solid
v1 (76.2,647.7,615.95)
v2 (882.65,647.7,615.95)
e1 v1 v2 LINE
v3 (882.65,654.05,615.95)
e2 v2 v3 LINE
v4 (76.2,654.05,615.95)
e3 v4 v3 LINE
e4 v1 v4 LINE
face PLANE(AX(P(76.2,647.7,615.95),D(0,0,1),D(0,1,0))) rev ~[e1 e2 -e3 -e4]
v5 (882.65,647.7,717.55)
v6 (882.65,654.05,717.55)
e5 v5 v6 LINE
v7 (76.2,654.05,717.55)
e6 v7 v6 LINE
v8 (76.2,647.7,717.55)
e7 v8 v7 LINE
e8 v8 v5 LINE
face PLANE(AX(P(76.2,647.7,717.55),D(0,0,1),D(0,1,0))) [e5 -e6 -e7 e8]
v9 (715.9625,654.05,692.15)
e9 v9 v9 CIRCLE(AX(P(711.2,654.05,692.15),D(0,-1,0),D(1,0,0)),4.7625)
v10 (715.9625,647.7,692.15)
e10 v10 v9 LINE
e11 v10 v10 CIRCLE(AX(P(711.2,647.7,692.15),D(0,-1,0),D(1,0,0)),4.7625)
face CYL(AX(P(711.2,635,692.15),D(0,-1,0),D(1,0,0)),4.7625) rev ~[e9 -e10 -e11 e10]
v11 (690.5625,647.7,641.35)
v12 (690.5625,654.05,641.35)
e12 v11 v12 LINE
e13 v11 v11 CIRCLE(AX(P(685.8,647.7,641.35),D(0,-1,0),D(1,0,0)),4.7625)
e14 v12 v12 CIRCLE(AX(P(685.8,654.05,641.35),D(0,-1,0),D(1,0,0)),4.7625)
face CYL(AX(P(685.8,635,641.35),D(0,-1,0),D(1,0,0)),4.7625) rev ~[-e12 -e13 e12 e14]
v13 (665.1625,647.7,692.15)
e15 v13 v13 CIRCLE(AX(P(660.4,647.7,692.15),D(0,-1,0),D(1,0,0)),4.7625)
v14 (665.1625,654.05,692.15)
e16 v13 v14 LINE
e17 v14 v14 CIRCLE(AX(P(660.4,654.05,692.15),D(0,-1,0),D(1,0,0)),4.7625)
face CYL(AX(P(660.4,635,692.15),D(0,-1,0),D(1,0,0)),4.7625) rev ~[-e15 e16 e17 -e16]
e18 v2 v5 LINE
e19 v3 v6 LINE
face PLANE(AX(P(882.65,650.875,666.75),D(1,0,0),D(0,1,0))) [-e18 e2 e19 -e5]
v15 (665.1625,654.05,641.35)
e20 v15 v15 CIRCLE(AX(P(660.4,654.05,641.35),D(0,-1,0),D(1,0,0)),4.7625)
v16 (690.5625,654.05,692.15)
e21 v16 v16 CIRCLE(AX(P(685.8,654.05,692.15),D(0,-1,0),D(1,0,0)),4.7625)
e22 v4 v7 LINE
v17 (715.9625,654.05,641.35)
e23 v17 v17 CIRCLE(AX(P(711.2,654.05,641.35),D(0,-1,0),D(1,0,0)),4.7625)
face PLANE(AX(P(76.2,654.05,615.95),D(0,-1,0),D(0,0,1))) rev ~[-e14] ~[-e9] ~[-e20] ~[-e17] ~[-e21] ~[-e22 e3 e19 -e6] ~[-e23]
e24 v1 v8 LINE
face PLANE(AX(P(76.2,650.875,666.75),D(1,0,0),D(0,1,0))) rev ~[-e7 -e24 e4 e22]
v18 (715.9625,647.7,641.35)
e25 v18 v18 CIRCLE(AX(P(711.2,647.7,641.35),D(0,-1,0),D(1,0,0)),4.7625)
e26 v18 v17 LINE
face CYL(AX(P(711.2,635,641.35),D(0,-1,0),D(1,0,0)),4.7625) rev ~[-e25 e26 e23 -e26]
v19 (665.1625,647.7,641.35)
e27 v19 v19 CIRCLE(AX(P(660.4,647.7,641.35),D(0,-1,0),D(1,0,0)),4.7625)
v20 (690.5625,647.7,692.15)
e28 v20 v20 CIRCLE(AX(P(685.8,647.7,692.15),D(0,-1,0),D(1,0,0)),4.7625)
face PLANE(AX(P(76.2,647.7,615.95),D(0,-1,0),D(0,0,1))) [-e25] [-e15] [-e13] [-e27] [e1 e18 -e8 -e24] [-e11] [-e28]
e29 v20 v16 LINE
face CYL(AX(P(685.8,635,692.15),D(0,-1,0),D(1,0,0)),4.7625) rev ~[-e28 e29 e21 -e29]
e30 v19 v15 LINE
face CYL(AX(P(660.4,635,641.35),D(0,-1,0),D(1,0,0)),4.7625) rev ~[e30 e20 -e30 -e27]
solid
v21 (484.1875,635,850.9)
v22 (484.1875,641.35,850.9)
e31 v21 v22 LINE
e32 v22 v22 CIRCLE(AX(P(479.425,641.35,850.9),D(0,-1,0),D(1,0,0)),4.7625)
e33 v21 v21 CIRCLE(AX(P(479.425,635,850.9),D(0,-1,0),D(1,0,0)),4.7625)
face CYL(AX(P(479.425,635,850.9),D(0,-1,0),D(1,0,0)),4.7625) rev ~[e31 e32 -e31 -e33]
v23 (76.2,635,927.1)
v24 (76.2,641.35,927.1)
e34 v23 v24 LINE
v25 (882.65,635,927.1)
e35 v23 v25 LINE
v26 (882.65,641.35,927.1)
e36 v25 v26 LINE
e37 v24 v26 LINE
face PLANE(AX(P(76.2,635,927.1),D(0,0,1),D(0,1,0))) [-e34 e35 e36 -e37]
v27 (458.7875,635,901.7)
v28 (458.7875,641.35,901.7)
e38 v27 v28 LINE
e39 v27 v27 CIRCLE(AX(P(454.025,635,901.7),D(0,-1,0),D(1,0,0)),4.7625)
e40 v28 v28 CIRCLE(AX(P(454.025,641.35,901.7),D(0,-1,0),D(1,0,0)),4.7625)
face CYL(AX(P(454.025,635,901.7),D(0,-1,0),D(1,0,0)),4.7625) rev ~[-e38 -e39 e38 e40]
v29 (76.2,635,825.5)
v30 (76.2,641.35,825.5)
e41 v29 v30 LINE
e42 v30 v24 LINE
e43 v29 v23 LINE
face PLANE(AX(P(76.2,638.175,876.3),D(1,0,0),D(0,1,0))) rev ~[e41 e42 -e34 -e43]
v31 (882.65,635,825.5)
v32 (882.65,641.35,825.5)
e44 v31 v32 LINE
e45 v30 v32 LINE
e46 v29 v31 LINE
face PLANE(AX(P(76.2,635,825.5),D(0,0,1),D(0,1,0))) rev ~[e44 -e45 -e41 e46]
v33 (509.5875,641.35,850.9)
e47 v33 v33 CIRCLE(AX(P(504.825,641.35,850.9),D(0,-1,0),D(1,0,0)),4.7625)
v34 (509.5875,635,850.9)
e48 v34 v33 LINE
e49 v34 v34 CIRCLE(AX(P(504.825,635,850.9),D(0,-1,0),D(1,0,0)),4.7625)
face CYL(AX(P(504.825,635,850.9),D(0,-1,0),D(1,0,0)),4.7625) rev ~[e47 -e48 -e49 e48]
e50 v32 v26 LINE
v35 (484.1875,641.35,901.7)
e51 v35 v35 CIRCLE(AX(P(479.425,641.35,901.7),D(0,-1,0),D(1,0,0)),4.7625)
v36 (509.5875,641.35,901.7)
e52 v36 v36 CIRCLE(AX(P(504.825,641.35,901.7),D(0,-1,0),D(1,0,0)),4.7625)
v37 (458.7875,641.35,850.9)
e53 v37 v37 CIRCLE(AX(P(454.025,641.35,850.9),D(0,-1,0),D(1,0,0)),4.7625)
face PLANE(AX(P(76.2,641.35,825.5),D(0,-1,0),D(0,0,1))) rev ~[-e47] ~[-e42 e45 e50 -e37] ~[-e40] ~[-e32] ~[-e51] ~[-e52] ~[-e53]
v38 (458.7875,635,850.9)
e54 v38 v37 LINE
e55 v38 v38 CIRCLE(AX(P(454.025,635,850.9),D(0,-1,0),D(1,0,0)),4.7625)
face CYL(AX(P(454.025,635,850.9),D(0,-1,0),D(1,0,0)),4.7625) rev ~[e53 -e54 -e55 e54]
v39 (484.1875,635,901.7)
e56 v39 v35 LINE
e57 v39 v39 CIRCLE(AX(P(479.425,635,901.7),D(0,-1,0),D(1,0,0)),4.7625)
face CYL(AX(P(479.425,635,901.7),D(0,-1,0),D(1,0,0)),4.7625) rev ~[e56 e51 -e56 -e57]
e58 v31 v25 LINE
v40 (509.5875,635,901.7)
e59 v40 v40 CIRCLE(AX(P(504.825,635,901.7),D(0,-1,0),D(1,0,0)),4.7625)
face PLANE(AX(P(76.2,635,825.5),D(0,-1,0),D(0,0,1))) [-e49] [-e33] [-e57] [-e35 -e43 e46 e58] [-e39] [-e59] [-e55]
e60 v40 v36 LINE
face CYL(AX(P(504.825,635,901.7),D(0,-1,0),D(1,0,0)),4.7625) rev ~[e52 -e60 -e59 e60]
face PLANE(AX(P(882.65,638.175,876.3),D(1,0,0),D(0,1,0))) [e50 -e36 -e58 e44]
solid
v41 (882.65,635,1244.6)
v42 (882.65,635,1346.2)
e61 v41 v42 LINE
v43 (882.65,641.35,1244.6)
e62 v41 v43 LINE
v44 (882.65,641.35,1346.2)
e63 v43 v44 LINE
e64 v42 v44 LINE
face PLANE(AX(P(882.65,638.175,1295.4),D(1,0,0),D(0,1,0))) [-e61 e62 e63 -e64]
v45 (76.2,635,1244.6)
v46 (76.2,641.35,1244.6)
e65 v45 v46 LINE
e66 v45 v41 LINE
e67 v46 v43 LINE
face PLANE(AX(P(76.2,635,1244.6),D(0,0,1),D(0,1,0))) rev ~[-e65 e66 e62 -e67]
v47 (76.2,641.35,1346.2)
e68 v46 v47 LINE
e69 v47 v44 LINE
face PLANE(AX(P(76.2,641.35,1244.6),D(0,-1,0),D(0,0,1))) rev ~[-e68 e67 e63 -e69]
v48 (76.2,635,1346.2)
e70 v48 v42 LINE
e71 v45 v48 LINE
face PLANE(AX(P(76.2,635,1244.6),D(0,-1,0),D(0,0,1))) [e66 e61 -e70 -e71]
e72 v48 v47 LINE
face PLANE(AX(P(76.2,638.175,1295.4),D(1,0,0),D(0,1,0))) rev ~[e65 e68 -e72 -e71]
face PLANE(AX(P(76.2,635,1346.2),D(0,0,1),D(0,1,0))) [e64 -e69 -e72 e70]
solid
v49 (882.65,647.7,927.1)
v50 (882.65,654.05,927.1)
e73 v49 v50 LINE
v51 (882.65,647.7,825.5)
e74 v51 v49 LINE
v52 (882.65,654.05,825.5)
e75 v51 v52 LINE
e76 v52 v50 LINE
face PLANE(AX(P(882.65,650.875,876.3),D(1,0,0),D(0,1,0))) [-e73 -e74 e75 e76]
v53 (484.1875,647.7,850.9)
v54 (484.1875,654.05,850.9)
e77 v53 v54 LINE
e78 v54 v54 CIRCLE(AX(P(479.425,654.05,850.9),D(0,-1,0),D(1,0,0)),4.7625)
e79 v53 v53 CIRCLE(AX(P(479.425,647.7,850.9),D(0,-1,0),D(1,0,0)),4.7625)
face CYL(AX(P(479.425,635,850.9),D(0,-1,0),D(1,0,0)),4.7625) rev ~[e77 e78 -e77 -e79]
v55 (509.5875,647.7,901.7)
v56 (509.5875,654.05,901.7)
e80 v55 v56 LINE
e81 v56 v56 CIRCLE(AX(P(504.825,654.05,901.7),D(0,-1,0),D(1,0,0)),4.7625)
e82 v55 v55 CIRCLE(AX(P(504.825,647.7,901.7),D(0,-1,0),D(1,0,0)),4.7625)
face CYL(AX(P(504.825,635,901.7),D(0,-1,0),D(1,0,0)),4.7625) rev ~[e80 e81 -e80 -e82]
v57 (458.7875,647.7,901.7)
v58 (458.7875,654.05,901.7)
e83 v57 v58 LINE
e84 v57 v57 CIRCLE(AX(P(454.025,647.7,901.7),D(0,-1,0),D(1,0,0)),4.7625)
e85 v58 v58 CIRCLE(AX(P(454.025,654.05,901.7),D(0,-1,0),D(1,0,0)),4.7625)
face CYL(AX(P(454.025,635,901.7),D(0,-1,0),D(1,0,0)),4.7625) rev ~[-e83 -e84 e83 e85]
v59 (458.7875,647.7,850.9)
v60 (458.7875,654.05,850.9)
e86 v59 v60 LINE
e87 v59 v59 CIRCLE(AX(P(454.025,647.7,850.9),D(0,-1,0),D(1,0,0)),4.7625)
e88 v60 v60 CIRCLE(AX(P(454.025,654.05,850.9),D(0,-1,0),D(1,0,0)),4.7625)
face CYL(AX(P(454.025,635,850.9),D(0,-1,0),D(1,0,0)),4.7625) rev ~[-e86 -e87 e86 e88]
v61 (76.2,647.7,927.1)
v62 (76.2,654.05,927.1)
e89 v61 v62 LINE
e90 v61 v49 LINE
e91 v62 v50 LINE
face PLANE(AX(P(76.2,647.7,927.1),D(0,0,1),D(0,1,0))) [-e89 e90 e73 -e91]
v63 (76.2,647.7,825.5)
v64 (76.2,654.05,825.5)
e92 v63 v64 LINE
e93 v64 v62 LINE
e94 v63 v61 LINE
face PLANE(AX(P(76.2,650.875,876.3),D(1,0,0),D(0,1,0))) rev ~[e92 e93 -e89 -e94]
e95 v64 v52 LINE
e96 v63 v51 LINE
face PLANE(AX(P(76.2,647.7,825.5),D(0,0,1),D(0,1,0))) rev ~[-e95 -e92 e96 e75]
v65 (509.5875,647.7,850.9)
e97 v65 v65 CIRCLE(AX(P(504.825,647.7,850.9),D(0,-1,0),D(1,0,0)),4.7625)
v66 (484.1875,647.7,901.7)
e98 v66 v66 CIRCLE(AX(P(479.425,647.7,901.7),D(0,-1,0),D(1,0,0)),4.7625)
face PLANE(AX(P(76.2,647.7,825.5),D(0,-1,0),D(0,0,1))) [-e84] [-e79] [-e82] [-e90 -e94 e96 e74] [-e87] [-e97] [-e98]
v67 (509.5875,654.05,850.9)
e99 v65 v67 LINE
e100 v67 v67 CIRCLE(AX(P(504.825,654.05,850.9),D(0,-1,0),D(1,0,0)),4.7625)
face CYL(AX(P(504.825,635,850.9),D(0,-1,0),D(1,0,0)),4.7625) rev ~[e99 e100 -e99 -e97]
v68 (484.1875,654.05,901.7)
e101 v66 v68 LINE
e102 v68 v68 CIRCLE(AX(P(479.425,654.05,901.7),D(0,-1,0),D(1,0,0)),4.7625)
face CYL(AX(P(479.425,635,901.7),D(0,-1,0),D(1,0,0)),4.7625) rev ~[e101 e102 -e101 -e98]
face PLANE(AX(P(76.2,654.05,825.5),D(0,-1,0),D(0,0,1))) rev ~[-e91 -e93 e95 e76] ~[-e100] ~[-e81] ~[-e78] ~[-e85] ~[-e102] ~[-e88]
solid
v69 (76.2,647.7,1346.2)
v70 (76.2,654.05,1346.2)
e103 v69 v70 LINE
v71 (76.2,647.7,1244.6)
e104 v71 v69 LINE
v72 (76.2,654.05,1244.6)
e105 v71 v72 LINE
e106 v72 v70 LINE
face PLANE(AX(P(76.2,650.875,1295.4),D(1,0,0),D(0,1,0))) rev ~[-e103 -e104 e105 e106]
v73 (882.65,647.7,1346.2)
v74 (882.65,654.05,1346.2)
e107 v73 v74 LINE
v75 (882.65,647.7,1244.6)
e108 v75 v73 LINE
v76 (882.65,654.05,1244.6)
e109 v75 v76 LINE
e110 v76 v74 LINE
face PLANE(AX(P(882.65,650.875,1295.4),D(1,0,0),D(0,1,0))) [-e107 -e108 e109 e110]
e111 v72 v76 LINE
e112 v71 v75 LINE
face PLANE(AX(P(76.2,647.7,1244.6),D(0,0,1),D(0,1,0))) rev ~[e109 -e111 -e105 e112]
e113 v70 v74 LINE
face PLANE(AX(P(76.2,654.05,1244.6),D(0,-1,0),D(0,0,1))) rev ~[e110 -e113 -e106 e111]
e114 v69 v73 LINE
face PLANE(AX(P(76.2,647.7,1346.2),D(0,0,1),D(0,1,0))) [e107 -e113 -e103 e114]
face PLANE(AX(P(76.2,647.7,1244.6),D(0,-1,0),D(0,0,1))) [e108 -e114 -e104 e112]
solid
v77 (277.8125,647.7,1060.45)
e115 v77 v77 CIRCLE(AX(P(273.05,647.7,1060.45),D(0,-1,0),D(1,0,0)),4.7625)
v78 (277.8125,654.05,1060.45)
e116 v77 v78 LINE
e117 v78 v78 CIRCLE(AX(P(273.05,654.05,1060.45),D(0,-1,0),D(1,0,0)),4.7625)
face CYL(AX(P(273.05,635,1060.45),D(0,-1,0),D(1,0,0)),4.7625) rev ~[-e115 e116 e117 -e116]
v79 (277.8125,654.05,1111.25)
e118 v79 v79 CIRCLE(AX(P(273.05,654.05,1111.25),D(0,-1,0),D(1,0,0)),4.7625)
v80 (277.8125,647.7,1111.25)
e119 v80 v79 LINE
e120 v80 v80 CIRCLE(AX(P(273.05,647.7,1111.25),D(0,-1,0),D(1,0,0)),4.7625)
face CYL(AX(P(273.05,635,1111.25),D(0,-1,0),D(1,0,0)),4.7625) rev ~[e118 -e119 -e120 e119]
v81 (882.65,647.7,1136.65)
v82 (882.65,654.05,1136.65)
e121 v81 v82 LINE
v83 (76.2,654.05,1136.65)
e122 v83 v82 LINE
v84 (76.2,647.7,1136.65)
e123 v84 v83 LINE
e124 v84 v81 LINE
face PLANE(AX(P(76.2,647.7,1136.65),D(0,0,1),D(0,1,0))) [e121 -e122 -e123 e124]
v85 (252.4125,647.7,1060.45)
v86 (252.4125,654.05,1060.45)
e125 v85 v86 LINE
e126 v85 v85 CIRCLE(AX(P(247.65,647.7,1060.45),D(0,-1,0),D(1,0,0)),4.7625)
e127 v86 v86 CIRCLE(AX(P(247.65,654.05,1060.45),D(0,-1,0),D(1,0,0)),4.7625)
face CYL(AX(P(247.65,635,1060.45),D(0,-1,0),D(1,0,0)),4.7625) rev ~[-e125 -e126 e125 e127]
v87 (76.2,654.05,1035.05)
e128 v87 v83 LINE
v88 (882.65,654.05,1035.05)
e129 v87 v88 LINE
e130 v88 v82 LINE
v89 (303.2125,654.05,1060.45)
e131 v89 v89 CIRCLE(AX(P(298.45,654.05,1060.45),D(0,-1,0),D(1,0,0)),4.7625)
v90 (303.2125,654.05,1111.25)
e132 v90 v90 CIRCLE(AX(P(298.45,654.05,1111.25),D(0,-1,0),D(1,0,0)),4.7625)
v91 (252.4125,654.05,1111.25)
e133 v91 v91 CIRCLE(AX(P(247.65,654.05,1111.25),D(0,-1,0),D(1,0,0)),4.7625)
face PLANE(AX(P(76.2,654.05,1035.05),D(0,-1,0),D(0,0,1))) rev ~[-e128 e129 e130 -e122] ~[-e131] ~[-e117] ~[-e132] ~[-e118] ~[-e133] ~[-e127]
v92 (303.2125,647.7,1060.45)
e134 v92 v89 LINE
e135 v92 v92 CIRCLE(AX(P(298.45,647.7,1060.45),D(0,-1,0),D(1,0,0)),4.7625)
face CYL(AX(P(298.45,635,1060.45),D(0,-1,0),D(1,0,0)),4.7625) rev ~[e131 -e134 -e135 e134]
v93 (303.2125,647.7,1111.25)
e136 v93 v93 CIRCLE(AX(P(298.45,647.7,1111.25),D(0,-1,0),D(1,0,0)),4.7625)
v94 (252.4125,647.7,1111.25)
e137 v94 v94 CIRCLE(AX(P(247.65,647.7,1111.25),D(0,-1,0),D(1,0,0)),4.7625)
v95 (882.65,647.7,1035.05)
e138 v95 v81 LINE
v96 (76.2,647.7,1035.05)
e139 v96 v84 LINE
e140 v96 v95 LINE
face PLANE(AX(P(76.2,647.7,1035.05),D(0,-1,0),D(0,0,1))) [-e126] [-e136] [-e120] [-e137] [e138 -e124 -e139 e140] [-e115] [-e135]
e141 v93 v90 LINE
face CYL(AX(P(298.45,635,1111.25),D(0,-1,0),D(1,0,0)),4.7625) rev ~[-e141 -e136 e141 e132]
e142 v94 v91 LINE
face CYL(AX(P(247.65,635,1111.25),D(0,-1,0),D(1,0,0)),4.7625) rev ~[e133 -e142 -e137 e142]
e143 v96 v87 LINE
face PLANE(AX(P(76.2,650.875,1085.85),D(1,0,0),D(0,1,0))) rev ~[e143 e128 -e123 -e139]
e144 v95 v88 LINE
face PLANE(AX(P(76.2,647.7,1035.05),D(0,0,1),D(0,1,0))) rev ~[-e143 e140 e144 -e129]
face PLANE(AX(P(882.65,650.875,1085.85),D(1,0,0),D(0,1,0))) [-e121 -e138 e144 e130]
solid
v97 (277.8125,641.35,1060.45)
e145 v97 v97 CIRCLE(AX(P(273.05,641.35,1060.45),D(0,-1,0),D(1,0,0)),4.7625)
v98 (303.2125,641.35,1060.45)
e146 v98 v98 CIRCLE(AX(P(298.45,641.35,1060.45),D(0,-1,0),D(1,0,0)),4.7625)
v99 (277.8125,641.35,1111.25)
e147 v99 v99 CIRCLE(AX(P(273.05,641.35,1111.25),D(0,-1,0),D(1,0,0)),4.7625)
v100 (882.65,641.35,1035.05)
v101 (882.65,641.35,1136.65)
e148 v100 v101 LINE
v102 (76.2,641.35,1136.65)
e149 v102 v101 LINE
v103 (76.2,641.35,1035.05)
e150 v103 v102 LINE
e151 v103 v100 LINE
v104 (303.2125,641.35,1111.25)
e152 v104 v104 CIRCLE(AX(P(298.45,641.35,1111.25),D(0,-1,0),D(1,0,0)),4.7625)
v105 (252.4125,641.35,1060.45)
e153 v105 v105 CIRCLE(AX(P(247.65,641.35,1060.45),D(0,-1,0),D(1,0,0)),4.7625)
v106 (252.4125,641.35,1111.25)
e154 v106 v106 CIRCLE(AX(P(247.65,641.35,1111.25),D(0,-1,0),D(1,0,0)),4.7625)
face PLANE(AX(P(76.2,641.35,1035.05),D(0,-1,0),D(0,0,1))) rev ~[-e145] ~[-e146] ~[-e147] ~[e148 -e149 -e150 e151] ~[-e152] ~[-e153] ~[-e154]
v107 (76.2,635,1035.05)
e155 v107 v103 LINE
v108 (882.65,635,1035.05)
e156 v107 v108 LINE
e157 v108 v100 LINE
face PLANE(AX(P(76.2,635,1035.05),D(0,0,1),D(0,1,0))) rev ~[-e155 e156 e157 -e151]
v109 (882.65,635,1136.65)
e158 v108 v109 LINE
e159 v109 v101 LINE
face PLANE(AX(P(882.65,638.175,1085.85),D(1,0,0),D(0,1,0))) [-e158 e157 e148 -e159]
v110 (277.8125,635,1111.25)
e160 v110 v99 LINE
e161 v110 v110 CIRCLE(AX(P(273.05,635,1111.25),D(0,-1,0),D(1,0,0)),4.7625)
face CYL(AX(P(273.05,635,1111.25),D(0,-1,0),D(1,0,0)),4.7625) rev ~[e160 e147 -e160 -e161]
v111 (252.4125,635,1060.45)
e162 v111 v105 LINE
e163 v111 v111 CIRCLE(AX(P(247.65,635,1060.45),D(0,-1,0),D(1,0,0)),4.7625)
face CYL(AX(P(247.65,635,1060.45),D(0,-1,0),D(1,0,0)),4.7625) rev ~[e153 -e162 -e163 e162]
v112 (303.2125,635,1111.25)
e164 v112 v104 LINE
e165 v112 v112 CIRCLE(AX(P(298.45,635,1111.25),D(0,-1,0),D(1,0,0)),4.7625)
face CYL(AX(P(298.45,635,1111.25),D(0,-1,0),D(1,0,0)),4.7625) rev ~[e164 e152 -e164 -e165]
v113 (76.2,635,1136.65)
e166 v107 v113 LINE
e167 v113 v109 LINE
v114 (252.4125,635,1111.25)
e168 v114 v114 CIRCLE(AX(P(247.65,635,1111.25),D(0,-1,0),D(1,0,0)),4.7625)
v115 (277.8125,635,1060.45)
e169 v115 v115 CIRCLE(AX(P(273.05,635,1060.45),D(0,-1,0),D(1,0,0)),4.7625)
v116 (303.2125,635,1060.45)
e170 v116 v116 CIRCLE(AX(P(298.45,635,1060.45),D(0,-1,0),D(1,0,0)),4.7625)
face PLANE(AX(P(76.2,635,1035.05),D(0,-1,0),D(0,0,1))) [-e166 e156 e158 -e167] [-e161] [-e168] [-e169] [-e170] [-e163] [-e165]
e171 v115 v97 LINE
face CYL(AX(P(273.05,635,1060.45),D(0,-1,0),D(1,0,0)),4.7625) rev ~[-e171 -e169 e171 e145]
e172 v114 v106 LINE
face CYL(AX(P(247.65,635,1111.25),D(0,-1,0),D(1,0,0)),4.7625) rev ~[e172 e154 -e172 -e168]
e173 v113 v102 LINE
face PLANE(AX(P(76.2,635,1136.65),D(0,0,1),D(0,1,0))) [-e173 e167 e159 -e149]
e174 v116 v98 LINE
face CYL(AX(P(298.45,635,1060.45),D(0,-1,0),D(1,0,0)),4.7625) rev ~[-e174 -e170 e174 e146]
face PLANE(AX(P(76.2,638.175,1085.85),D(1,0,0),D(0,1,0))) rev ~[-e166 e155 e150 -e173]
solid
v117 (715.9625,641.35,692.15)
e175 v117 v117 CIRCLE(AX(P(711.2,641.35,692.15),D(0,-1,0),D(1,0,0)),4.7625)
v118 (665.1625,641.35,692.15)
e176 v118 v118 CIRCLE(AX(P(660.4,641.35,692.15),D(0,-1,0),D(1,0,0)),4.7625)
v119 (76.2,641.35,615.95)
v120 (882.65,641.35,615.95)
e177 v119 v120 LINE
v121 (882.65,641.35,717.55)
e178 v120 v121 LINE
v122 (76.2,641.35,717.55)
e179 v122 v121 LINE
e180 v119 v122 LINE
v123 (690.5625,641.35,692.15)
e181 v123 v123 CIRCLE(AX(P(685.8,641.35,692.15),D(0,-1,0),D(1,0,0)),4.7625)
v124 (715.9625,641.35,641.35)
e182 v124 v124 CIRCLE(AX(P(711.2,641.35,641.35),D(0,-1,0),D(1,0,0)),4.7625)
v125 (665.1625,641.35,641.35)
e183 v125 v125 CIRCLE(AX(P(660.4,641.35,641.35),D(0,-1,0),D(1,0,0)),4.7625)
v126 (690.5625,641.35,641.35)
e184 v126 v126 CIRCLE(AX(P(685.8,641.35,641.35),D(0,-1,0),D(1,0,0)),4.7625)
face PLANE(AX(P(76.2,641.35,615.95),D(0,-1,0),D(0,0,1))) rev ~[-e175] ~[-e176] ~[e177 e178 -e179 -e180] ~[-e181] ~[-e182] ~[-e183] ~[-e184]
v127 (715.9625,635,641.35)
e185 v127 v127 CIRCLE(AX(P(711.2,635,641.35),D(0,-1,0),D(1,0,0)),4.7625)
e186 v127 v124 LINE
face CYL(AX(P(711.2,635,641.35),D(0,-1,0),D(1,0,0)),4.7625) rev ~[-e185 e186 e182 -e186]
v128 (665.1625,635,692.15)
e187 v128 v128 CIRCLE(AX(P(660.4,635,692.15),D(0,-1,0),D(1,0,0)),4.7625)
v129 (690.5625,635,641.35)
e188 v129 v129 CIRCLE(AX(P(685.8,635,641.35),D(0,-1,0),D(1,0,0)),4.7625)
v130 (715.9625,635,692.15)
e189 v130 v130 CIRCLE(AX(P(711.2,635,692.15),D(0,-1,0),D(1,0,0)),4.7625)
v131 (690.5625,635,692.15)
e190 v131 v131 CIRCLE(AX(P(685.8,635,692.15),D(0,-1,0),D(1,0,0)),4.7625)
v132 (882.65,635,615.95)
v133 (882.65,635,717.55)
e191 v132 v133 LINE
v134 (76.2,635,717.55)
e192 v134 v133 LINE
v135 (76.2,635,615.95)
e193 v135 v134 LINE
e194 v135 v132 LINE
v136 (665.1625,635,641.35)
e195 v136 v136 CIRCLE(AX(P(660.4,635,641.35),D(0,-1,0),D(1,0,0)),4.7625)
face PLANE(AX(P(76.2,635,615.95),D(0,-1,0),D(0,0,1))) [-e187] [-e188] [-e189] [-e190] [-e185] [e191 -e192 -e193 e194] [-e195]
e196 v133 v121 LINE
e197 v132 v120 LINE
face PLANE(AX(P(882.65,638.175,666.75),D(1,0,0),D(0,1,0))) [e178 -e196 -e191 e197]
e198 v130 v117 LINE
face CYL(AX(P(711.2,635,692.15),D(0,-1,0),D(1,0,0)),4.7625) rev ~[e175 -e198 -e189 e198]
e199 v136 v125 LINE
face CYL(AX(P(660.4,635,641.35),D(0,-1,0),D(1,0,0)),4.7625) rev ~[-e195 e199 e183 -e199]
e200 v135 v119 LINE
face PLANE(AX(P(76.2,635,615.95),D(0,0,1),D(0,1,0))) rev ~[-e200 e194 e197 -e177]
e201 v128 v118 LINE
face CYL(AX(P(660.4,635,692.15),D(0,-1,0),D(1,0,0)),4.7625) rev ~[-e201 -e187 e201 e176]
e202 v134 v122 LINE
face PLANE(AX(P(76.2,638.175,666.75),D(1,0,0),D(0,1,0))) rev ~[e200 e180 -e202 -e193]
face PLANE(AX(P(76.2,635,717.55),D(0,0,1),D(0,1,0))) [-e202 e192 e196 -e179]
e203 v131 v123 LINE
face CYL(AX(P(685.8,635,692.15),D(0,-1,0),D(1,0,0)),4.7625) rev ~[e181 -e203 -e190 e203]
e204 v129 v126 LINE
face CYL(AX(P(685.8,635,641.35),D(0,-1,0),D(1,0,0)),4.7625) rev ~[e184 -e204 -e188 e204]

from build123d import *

# Parameters (mm, degrees)
F1_W     = 6.35
F1_H     = 101.6
F2_DEPTH = 806.45
F3_R     = 4.7625
F4_DEPTH = 19.051


with BuildPart() as f2:
    # F1 (on offset) → F2 (new body)
    with BuildSketch(Plane.YZ.offset(76.2)):
        with Locations((638.175, 1295.4)):
            Rectangle(F1_W, F1_H)
        with Locations((638.175, 1085.85)):
            Rectangle(F1_W, F1_H)
        with Locations((638.175, 876.3)):
            Rectangle(F1_W, F1_H)
        with Locations((638.175, 666.75)):
            Rectangle(F1_W, F1_H)
        with Locations((650.875, 876.3)):
            Rectangle(F1_W, F1_H)
        with Locations((650.875, 1085.85)):
            Rectangle(F1_W, F1_H)
        with Locations((650.875, 1295.4)):
            Rectangle(F1_W, F1_H)
        with Locations((650.875, 666.75)):
            Rectangle(F1_W, F1_H)
    extrude(amount=F2_DEPTH)

    # F3 (on face) → F4 (cut, through all)
    with BuildSketch(Plane.XZ.offset(-635)):
        with Locations((660.4, 692.15)):
            Circle(F3_R)
        with Locations((660.4, 641.35)):
            Circle(F3_R)
        with Locations((685.8, 692.15)):
            Circle(F3_R)
        with Locations((685.8, 641.35)):
            Circle(F3_R)
        with Locations((711.2, 692.15)):
            Circle(F3_R)
        with Locations((711.2, 641.35)):
            Circle(F3_R)
        with Locations((454.025, 901.7)):
            Circle(F3_R)
        with Locations((454.025, 850.9)):
            Circle(F3_R)
        with Locations((479.425, 901.7)):
            Circle(F3_R)
        with Locations((479.425, 850.9)):
            Circle(F3_R)
        with Locations((504.825, 901.7)):
            Circle(F3_R)
        with Locations((504.825, 850.9)):
            Circle(F3_R)
        with Locations((247.65, 1111.25)):
            Circle(F3_R)
        with Locations((247.65, 1060.45)):
            Circle(F3_R)
        with Locations((273.05, 1111.25)):
            Circle(F3_R)
        with Locations((273.05, 1060.45)):
            Circle(F3_R)
        with Locations((298.45, 1111.25)):
            Circle(F3_R)
        with Locations((298.45, 1060.45)):
            Circle(F3_R)
    extrude(amount=-F4_DEPTH, mode=Mode.SUBTRACT)


solid = f2.part
